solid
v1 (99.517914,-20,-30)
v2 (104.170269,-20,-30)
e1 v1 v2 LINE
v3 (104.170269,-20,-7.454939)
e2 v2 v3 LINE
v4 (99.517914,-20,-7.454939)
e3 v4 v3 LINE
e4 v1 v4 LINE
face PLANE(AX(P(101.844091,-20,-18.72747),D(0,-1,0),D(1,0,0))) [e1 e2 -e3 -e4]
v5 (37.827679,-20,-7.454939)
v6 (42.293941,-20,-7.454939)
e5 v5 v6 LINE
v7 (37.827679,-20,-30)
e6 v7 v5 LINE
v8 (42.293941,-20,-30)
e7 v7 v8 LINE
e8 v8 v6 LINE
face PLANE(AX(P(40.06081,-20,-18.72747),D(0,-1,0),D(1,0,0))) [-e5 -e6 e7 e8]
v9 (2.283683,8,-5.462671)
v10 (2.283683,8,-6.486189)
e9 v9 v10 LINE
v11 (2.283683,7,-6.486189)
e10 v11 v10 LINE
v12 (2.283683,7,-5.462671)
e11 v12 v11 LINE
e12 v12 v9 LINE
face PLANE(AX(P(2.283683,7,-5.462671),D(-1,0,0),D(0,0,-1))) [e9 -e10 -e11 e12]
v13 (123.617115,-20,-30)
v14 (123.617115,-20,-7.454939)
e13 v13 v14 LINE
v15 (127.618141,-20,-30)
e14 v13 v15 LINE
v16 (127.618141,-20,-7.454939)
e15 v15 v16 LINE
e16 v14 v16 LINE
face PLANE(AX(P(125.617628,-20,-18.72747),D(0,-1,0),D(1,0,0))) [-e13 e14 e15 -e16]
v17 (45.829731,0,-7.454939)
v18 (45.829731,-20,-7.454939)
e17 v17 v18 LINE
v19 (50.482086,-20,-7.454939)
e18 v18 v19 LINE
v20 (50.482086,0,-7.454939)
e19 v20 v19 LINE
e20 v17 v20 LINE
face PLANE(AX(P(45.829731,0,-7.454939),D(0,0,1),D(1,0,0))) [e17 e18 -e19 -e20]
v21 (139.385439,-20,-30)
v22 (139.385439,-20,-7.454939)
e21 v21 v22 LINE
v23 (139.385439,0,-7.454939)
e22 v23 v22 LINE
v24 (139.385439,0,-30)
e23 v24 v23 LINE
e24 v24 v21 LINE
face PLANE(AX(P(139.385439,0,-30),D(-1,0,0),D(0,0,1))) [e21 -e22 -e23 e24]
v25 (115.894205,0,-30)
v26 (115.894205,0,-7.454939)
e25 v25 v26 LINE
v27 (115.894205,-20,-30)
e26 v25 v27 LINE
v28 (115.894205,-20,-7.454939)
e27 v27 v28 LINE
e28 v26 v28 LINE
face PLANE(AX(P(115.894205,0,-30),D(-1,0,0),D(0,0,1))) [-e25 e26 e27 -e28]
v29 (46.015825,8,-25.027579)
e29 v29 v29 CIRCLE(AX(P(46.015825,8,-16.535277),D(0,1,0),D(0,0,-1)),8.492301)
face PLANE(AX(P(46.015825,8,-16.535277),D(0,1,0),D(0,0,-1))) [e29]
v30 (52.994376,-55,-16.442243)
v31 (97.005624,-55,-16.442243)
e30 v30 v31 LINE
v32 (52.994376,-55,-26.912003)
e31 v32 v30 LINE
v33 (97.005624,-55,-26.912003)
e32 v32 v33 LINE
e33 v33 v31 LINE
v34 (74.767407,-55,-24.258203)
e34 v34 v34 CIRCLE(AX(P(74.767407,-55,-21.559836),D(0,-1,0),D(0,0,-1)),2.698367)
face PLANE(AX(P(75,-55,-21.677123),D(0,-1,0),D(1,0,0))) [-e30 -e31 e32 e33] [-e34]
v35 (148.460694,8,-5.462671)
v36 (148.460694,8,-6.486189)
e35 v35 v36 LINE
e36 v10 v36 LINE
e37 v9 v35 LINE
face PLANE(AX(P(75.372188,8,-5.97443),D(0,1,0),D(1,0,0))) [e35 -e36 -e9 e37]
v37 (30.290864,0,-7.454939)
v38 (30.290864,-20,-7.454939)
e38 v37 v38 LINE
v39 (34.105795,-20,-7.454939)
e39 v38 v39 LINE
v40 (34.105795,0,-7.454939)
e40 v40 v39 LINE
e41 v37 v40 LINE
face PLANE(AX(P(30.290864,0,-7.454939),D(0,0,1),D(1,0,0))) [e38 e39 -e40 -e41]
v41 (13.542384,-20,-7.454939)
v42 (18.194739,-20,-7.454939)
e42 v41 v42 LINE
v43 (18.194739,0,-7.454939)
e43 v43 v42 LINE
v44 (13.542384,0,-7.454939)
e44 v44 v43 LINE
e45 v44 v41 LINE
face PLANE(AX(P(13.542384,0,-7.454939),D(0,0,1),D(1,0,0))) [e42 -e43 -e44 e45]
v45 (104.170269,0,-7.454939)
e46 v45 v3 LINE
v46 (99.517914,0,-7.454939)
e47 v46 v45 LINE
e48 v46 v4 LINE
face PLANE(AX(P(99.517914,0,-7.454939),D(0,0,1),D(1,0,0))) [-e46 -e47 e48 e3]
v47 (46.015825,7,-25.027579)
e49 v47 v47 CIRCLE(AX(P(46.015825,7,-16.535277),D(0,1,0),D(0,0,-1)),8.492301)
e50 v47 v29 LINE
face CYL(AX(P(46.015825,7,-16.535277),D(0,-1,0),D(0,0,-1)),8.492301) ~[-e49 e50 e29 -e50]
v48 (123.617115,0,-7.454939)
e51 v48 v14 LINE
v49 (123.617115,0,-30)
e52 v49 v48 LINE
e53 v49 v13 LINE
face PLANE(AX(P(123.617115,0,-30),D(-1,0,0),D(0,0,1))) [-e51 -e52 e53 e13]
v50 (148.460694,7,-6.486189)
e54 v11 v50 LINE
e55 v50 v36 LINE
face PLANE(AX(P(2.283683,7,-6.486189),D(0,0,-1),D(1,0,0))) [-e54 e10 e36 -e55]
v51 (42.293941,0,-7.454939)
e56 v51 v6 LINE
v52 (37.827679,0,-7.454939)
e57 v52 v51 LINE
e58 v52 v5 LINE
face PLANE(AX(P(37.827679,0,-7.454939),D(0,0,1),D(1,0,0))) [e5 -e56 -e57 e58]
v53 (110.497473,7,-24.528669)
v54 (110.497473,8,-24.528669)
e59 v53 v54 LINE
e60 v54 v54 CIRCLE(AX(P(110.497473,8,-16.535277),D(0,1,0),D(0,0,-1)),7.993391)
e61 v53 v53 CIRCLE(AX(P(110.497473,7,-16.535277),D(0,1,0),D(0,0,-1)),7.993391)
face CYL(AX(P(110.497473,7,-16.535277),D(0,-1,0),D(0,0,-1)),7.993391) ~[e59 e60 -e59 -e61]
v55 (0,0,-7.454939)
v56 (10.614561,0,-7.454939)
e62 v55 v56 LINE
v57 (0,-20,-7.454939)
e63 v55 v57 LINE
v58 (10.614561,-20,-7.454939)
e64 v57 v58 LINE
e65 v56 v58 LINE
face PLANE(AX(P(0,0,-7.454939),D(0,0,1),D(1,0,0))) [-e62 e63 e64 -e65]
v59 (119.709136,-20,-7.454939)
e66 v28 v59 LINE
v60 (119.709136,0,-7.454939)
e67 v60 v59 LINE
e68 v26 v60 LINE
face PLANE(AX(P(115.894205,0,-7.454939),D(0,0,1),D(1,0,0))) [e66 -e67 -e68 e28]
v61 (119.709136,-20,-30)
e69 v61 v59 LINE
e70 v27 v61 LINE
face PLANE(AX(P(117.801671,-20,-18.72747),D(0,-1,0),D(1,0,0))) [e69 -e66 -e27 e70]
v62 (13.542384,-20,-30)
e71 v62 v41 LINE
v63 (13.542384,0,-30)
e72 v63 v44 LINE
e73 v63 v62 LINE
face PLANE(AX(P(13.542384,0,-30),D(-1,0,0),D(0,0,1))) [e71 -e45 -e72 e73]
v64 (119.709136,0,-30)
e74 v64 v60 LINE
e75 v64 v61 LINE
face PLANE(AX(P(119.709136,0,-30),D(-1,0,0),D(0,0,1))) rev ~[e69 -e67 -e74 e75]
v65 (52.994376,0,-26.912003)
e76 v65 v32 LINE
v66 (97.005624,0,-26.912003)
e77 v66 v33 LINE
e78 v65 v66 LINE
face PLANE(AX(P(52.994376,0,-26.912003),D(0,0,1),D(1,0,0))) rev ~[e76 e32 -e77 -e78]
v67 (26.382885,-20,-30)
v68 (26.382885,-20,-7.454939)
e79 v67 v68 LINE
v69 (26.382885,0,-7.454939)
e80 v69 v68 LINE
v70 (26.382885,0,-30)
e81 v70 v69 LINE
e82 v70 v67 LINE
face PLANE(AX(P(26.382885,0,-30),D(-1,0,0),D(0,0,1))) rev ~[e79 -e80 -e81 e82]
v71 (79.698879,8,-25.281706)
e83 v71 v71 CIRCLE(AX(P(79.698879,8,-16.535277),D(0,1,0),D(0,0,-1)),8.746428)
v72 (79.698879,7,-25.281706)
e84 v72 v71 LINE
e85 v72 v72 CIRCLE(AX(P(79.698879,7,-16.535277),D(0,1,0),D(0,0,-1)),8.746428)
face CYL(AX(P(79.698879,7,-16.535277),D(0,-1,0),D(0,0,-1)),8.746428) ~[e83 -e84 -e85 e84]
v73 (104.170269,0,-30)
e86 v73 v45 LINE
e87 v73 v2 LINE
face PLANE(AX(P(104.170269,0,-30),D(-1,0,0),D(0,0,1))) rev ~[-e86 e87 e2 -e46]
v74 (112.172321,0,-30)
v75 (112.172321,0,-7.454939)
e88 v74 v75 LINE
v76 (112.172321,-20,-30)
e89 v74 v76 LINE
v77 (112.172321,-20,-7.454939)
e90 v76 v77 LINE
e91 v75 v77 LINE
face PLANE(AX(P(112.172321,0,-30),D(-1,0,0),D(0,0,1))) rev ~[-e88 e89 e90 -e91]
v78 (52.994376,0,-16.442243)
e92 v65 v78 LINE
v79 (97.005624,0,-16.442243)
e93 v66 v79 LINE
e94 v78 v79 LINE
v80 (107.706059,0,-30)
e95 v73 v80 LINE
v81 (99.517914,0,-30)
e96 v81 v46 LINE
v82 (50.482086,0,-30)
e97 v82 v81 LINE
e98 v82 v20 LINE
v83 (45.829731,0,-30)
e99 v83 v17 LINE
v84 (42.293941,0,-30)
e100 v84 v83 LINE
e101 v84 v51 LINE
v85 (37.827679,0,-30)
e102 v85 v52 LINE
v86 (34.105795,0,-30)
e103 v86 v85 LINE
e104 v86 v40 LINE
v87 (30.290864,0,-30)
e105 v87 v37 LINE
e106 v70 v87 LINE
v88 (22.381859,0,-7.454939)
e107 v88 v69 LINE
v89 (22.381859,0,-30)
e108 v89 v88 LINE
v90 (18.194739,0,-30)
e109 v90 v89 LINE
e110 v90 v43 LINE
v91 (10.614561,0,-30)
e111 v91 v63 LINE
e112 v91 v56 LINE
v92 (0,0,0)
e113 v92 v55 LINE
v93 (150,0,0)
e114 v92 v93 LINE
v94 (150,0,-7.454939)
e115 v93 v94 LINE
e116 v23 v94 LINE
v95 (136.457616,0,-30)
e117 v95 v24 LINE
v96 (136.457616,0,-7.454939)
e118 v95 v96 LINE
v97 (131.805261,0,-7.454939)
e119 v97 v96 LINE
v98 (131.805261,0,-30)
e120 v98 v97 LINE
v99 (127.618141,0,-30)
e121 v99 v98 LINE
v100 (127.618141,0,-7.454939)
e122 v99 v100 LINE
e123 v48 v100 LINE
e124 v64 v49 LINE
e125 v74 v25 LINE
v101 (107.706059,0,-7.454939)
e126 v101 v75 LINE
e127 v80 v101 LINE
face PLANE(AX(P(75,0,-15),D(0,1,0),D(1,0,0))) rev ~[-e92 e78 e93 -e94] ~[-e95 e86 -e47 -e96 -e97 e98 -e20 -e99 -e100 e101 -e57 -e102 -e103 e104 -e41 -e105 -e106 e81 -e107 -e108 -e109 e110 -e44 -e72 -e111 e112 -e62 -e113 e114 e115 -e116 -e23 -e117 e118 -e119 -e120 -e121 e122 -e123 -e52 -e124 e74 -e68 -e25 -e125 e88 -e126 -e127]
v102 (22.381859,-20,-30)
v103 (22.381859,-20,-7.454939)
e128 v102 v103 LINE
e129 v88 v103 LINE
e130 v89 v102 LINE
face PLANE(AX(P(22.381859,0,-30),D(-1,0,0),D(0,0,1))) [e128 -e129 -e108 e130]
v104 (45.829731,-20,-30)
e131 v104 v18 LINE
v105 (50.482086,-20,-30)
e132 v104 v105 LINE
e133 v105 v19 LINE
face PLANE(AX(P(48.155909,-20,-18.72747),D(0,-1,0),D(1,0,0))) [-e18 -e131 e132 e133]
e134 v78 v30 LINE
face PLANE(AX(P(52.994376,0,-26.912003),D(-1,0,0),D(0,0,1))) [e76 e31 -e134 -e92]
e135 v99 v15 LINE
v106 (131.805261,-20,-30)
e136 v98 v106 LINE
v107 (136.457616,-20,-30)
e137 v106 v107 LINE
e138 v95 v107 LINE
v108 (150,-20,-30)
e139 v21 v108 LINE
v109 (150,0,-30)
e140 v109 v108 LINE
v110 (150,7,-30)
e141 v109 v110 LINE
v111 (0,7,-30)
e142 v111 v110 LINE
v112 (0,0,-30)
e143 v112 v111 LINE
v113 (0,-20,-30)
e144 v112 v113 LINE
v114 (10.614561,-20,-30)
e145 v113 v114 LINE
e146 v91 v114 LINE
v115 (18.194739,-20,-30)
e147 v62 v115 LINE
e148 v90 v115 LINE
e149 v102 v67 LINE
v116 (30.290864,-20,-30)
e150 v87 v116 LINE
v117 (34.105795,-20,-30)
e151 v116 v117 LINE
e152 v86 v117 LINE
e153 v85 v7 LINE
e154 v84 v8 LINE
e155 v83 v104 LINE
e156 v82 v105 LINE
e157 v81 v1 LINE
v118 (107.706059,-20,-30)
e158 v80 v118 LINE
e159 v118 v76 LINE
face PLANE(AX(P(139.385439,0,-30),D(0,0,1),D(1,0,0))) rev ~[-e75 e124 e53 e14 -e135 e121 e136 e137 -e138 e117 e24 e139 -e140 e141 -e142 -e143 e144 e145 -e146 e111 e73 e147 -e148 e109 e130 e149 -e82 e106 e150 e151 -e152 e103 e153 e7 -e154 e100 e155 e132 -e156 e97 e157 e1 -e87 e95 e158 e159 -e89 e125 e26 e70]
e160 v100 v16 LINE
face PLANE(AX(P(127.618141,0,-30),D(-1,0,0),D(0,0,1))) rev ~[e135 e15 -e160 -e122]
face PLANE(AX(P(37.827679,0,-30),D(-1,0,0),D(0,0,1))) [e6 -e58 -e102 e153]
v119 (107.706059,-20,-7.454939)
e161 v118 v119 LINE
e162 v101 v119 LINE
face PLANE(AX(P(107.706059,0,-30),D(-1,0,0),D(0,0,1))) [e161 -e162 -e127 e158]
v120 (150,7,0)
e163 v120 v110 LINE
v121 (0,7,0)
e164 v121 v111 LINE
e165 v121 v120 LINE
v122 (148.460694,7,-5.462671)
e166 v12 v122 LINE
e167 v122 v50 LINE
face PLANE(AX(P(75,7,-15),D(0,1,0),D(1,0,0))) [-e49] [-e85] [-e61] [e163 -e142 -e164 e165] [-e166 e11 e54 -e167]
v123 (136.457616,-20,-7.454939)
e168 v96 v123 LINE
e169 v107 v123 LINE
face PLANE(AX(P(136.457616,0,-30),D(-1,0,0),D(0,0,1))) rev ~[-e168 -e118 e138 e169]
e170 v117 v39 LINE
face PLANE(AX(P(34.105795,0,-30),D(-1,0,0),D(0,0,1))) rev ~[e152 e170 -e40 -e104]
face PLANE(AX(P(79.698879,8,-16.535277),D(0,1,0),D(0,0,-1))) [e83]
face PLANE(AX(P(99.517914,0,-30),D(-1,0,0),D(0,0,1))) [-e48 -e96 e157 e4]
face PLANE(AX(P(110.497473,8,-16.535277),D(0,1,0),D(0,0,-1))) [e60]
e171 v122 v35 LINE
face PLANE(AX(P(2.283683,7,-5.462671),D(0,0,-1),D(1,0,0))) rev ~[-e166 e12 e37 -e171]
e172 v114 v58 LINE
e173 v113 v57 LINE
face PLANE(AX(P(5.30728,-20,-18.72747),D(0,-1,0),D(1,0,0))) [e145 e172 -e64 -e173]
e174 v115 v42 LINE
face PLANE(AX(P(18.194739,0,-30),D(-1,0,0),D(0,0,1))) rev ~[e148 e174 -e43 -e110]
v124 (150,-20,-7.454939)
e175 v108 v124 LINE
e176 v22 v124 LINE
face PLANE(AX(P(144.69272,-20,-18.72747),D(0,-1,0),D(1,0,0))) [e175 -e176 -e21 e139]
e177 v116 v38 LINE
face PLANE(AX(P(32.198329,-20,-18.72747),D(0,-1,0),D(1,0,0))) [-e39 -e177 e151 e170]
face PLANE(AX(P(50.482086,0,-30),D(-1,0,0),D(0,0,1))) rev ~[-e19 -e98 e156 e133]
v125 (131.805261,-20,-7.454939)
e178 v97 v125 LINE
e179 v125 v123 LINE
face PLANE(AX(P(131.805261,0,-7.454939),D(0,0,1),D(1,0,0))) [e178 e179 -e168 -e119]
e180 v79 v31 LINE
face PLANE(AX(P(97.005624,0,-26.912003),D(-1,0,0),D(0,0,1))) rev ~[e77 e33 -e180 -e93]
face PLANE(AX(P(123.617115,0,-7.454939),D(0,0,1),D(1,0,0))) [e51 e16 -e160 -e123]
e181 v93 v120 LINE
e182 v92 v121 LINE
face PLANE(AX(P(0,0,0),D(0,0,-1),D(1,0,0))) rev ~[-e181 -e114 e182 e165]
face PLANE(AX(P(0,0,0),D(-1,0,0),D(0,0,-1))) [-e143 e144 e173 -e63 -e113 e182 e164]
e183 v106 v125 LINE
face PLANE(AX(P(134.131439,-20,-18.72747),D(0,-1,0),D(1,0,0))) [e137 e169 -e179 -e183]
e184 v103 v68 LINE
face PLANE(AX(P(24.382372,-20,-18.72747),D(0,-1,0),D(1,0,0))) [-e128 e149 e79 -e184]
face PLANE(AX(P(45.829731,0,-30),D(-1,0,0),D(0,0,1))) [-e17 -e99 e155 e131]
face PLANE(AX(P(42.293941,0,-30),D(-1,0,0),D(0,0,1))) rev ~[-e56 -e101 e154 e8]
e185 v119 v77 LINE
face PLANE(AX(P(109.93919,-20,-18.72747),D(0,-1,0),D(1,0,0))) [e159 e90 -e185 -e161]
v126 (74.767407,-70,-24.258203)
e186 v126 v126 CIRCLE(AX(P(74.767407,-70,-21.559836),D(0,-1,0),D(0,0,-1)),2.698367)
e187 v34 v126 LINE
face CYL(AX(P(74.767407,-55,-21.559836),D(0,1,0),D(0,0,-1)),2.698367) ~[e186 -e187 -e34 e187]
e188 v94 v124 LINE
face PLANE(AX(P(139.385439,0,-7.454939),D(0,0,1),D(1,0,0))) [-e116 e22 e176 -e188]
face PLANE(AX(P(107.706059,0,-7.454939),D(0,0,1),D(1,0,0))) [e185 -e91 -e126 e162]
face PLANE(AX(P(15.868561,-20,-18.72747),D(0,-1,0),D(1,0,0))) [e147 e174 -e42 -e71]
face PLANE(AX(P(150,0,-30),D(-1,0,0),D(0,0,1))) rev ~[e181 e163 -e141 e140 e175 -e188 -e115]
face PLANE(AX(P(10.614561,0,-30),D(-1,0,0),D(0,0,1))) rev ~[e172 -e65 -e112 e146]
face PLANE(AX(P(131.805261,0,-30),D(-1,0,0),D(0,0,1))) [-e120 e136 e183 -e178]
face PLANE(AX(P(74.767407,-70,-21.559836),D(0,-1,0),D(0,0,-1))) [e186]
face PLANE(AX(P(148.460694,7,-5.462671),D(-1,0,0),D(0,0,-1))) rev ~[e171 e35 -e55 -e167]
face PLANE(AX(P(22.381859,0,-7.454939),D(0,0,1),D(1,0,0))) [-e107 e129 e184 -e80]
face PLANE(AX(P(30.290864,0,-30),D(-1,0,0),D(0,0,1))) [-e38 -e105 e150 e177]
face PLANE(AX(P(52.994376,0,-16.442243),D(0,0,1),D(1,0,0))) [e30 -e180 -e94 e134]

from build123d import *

# Parameters (mm, degrees)
SKETCH1_W           = 150
SKETCH1_H           = 30
BOSS_EXTRUDE1_DEPTH = 7
SKETCH2_R           = 8.492301233
SKETCH2_R_2         = 8.746428368
SKETCH2_R_3         = 7.993391254
SKETCH2_W           = 146.177010272
SKETCH2_H           = 1.023518213
BOSS_EXTRUDE2_DEPTH = 1
SKETCH3_W           = 10.614560987
SKETCH3_H           = 22.545060987
SKETCH3_W_2         = 4.652355514
SKETCH3_W_3         = 4.001025742
SKETCH3_W_4         = 3.814931522
SKETCH3_W_5         = 4.466261294
SKETCH3_W_6         = 4.652355515
BOSS_EXTRUDE3_DEPTH = 20
SKETCH4_W           = 44.01124784
SKETCH4_H           = 10.469759529
BOSS_EXTRUDE4_DEPTH = 55
SKETCH5_R           = 2.698367098
BOSS_EXTRUDE5_DEPTH = 15


with BuildPart() as part:
    # Sketch1 → Boss-Extrude1 (new body)
    with BuildSketch(Plane(origin=(0, 0, 0), x_dir=(1, 0, 0), z_dir=(0, 1, 0))):
        with Locations((75, 15)):
            Rectangle(SKETCH1_W, SKETCH1_H)
    extrude(amount=BOSS_EXTRUDE1_DEPTH)

    # Sketch2 → Boss-Extrude2 (add)
    with BuildSketch(Plane(origin=(0, 7, 0), x_dir=(1, 0, 0), z_dir=(0, 1, 0))):
        with Locations(Location((46.015825143, 16.53527732, 0), (0, 0, 90))):
            Circle(SKETCH2_R)
        with Locations(Location((79.69887907, 16.53527732, 0), (0, 0, 90))):
            Circle(SKETCH2_R_2)
        with Locations(Location((110.497472577, 16.53527732, 0), (0, 0, 90))):
            Circle(SKETCH2_R_3)
        with Locations((75.372188441, 5.974430301)):
            Rectangle(SKETCH2_W, SKETCH2_H)
    extrude(amount=BOSS_EXTRUDE2_DEPTH)

    # Sketch3 → Boss-Extrude3 (add)
    with BuildSketch(Plane.XZ):
        with Locations((144.692719506, -18.727469507)):
            Rectangle(SKETCH3_W, SKETCH3_H)
        with Locations((134.131438592, -18.727469507)):
            Rectangle(SKETCH3_W_2, SKETCH3_H)
        with Locations((125.617628, -18.727469507)):
            Rectangle(SKETCH3_W_3, SKETCH3_H)
        with Locations((117.801670735, -18.727469507)):
            Rectangle(SKETCH3_W_4, SKETCH3_H)
        with Locations((109.939189915, -18.727469507)):
            Rectangle(SKETCH3_W_5, SKETCH3_H)
        with Locations((101.844091319, -18.727469507)):
            Rectangle(SKETCH3_W_6, SKETCH3_H)
        with Locations((48.155908681, -18.727469507)):
            Rectangle(SKETCH3_W_6, SKETCH3_H)
        with Locations((40.060810085, -18.727469507)):
            Rectangle(SKETCH3_W_5, SKETCH3_H)
        with Locations((32.198329265, -18.727469507)):
            Rectangle(SKETCH3_W_4, SKETCH3_H)
        with Locations((24.382372, -18.727469507)):
            Rectangle(SKETCH3_W_3, SKETCH3_H)
        with Locations((15.868561408, -18.727469507)):
            Rectangle(SKETCH3_W_2, SKETCH3_H)
        with Locations((5.307280494, -18.727469507)):
            Rectangle(SKETCH3_W, SKETCH3_H)
    extrude(amount=BOSS_EXTRUDE3_DEPTH)

    # Sketch4 → Boss-Extrude4 (add)
    with BuildSketch(Plane.XZ):
        with Locations((75, -21.677122954)):
            Rectangle(SKETCH4_W, SKETCH4_H)
    extrude(amount=BOSS_EXTRUDE4_DEPTH)

    # Sketch5 → Boss-Extrude5 (add)
    with BuildSketch(Plane.XZ.offset(55)):
        with Locations(Location((74.767407147, -21.559835962, 0), (0, 0, 270))):
            Circle(SKETCH5_R)
    extrude(amount=BOSS_EXTRUDE5_DEPTH)


solid = part.part
